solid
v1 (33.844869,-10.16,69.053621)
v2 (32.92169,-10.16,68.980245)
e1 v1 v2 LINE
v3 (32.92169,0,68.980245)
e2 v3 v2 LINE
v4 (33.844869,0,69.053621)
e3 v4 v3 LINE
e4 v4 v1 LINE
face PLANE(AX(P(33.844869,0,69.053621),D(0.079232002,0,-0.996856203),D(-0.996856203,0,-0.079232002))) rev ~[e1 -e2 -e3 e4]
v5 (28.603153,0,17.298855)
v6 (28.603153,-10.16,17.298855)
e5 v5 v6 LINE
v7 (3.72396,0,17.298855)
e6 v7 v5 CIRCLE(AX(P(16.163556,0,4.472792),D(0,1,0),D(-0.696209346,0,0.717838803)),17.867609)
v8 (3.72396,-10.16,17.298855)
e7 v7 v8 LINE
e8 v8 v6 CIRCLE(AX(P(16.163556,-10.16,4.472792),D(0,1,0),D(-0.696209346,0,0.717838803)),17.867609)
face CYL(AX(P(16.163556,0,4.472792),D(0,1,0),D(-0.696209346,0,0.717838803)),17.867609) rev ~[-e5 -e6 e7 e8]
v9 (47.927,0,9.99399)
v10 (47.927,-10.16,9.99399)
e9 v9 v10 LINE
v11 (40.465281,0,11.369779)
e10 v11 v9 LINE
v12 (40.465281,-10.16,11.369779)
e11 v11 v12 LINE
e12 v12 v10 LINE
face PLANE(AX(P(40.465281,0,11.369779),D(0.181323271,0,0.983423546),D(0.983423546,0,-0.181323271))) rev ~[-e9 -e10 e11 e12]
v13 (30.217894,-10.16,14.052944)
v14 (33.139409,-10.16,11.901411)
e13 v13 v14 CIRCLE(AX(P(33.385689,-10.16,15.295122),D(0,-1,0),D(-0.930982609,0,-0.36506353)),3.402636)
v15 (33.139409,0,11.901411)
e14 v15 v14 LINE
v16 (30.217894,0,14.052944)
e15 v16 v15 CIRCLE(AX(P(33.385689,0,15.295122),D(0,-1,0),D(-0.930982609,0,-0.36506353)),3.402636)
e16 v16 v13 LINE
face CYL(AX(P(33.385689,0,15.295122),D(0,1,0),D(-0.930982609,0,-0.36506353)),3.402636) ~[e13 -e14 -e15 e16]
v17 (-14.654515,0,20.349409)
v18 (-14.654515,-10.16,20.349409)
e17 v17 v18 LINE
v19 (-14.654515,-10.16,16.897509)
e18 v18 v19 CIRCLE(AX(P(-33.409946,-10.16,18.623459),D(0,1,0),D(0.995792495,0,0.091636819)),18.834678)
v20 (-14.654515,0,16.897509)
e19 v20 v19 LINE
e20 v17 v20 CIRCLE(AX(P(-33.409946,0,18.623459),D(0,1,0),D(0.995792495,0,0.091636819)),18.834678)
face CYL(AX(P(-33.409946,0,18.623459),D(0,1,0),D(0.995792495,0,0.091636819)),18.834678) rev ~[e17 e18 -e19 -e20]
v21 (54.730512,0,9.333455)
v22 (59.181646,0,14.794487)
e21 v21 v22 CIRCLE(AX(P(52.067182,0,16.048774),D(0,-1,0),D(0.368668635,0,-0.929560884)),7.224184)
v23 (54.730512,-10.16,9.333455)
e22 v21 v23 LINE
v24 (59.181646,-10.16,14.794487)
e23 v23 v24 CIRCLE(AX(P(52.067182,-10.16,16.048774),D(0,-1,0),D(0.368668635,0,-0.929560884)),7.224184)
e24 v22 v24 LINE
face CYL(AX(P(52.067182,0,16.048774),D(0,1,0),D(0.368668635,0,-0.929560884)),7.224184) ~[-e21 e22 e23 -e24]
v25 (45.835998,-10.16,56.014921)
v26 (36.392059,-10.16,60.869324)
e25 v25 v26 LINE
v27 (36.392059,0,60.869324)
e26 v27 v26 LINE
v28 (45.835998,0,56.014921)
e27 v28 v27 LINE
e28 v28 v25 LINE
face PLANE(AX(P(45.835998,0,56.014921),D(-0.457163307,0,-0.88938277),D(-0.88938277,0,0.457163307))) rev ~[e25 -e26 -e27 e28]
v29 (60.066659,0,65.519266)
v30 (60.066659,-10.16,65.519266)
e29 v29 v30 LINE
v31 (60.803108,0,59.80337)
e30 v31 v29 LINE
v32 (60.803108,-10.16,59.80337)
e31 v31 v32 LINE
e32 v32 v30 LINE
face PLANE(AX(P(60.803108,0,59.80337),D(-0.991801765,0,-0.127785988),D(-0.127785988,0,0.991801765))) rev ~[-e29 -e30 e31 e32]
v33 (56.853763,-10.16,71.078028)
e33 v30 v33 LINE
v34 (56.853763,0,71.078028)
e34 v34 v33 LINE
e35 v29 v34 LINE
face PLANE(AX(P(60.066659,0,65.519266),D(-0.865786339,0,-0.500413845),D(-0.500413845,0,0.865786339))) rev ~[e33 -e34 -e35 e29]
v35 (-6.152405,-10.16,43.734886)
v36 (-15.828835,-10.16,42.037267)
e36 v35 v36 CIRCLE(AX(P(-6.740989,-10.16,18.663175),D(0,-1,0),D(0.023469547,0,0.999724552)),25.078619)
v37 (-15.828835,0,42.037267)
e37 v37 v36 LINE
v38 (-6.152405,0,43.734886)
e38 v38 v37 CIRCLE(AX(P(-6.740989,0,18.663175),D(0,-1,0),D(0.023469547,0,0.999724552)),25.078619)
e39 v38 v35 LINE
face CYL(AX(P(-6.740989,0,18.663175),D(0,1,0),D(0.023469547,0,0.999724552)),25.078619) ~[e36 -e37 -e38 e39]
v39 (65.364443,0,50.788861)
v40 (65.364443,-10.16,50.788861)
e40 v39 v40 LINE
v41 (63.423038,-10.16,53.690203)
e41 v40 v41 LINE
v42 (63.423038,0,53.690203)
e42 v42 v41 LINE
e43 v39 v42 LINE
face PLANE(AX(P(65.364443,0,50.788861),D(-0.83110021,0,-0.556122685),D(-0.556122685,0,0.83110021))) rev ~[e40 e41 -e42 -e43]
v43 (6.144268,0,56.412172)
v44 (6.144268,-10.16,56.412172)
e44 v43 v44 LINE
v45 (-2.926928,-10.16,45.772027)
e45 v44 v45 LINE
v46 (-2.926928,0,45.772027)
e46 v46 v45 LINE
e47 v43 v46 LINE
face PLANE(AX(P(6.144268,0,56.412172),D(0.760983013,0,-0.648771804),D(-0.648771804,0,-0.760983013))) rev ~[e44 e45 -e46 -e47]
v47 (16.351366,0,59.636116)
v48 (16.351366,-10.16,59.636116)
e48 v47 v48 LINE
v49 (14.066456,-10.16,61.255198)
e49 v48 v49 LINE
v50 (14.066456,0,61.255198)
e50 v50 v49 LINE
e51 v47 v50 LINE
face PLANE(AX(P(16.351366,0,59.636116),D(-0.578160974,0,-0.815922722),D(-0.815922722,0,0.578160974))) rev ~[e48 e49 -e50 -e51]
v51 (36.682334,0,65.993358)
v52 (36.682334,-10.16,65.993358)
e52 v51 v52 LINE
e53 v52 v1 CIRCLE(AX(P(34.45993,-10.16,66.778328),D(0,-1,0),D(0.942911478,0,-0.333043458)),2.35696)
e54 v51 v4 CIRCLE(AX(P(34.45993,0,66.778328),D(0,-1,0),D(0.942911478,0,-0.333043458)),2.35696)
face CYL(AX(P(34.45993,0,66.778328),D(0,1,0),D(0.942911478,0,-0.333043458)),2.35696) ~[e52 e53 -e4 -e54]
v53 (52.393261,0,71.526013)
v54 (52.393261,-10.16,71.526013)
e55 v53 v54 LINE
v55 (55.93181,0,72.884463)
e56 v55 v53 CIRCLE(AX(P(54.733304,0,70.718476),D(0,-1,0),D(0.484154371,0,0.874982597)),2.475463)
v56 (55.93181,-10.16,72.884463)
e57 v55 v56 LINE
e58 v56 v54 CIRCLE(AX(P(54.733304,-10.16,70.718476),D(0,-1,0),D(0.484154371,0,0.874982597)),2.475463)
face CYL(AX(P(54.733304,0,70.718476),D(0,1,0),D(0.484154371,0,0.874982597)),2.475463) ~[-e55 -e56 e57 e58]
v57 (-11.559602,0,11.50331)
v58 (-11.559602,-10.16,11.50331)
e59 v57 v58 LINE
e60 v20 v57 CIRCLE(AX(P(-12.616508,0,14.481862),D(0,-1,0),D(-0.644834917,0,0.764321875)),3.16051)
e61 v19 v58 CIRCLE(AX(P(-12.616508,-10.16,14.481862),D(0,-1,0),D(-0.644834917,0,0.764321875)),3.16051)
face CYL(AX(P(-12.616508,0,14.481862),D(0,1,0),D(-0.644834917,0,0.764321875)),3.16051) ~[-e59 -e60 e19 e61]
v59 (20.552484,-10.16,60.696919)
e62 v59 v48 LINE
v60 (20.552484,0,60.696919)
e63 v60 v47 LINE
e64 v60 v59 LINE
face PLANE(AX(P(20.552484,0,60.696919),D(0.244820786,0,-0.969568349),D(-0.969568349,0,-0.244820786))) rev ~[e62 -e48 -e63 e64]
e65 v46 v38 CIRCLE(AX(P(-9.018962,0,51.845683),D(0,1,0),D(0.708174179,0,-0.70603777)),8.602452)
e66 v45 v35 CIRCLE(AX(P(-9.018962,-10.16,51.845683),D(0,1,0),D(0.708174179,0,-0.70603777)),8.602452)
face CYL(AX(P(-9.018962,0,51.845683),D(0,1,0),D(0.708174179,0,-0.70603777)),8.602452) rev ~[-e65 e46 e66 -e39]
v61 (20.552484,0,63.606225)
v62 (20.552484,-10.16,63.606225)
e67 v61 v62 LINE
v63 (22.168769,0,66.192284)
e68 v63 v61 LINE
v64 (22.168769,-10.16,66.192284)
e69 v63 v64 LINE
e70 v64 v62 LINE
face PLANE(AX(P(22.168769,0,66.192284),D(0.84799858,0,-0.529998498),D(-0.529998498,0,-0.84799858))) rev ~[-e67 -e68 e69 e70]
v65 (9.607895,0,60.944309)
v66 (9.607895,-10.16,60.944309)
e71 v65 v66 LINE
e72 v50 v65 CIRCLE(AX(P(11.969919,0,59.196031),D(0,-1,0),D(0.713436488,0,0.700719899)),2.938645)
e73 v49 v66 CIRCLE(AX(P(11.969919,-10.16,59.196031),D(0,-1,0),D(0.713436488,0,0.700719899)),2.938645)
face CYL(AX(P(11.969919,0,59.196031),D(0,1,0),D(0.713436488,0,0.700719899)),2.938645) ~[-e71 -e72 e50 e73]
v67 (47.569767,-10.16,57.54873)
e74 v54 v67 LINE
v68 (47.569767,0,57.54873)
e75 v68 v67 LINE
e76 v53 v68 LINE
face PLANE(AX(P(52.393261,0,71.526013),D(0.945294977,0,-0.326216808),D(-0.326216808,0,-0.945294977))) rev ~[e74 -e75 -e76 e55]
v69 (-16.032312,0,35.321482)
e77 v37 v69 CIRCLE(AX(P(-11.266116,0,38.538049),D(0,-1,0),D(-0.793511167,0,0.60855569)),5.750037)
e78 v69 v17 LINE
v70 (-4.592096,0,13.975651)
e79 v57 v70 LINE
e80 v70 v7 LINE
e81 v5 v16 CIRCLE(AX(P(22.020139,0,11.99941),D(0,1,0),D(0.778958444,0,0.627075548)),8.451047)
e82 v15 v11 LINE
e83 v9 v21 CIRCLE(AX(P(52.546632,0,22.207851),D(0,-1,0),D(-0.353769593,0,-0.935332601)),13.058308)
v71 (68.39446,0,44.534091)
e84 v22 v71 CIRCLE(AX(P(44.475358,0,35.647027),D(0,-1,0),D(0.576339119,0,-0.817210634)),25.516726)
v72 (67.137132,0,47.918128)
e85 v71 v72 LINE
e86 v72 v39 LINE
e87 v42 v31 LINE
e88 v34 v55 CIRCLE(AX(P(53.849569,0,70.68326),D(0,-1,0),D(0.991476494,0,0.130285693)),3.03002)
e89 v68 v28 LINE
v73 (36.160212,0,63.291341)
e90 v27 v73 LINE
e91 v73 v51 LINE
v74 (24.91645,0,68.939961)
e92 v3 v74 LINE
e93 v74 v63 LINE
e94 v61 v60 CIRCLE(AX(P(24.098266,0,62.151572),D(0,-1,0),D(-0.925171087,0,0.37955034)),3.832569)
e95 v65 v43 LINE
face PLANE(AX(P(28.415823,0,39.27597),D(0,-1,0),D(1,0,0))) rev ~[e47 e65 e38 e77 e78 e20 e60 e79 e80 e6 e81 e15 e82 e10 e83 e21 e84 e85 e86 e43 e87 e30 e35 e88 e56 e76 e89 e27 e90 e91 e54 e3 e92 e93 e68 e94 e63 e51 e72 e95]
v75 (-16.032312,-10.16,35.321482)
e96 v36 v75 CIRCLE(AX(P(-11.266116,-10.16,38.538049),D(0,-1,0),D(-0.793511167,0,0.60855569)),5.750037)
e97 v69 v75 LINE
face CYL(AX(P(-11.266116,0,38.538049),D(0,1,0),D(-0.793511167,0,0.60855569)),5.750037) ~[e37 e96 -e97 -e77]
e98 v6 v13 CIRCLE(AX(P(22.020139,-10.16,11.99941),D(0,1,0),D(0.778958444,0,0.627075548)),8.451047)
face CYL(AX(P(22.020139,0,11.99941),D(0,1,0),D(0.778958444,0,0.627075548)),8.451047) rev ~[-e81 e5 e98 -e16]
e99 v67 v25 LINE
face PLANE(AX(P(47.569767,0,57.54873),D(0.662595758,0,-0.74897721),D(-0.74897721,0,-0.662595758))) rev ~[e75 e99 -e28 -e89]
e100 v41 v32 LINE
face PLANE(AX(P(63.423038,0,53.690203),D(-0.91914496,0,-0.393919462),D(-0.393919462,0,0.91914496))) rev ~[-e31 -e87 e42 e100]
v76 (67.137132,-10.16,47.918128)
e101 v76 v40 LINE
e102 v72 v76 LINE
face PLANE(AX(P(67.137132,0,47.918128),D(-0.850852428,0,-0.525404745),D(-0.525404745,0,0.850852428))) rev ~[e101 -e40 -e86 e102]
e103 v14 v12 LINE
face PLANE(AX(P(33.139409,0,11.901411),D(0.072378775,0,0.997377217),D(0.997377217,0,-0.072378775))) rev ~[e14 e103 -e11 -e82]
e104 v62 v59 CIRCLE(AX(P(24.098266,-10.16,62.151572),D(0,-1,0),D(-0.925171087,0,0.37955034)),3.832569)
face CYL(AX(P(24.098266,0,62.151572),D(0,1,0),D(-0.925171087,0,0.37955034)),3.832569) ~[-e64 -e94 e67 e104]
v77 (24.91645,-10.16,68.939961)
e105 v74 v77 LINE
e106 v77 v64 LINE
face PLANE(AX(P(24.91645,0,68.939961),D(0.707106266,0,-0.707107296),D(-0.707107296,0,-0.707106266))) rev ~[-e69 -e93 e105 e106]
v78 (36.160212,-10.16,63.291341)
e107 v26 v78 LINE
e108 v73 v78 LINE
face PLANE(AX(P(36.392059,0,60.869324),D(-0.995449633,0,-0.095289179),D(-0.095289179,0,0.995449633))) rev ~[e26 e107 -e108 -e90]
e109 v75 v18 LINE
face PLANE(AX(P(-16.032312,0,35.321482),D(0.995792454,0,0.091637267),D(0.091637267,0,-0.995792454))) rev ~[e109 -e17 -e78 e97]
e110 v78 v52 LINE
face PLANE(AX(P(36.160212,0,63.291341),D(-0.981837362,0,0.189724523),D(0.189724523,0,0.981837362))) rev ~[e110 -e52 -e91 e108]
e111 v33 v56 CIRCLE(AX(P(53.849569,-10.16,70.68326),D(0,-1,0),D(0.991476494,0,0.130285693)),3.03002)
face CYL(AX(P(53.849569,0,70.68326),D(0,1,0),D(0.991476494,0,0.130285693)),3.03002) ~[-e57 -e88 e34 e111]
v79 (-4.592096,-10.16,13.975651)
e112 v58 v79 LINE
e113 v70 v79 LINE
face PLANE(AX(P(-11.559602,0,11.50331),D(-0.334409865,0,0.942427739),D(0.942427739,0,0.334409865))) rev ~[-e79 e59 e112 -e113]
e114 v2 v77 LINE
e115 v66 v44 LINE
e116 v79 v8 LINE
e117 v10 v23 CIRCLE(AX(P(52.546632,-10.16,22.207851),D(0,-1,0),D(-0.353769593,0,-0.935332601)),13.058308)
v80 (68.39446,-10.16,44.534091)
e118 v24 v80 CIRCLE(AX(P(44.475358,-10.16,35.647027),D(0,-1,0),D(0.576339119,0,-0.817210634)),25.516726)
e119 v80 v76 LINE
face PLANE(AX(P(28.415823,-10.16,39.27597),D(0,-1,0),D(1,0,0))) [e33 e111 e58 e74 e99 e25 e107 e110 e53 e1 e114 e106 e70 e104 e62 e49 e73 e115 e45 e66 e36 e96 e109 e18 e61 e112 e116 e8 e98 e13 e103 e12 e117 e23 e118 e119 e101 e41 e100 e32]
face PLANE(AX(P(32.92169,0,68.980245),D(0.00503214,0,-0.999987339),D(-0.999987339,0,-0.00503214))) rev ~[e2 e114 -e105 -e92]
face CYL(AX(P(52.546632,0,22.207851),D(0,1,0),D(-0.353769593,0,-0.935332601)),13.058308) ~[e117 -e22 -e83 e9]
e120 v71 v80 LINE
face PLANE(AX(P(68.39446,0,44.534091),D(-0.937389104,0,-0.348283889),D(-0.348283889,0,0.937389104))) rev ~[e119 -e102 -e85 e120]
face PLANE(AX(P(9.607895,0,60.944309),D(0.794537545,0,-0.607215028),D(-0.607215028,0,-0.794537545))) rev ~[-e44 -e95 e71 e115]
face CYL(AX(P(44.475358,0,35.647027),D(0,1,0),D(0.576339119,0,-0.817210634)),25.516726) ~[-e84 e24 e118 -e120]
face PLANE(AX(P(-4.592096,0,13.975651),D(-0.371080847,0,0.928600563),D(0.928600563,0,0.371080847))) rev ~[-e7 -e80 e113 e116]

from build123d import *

# Parameters (mm, degrees)
F1_DEPTH = 10.16


with BuildPart() as f1:
    # F0 (on Front) → F1 (new body)
    with BuildSketch(Plane.XZ):
        with BuildLine():
            ThreePointArc((55.93181, 72.884463), (53.846105, 73.029492), (52.393261, 71.526013))
            Line((52.393261, 71.526013), (47.569767, 57.54873))
            Line((47.569767, 57.54873), (45.835998, 56.014921))
            Line((45.835998, 56.014921), (36.392059, 60.869324))
            Line((36.392059, 60.869324), (36.160212, 63.291341))
            Line((36.160212, 63.291341), (36.682334, 65.993358))
            ThreePointArc((36.682334, 65.993358), (36.188279, 68.380847), (33.844869, 69.053621))
            Line((33.844869, 69.053621), (32.92169, 68.980245))
            Line((32.92169, 68.980245), (24.91645, 68.939961))
            Line((24.91645, 68.939961), (22.168769, 66.192284))
            Line((22.168769, 66.192284), (20.552484, 63.606225))
            ThreePointArc((20.552484, 63.606225), (20.265697, 62.151572), (20.552484, 60.696919))
            Line((20.552484, 60.696919), (16.351366, 59.636116))
            Line((16.351366, 59.636116), (14.066456, 61.255198))
            ThreePointArc((14.066456, 61.255198), (11.765508, 62.127558), (9.607895, 60.944309))
            Line((9.607895, 60.944309), (6.144268, 56.412172))
            Line((6.144268, 56.412172), (-2.926928, 45.772027))
            ThreePointArc((-2.926928, 45.772027), (-4.425317, 44.572403), (-6.152405, 43.734886))
            ThreePointArc((-6.152405, 43.734886), (-11.07456, 43.364537), (-15.828835, 42.037267))
            ThreePointArc((-15.828835, 42.037267), (-17.013516, 38.712186), (-16.032312, 35.321482))
            Line((-16.032312, 35.321482), (-14.654515, 20.349409))
            ThreePointArc((-14.654515, 20.349409), (-14.575268, 18.623459), (-14.654515, 16.897509))
            ThreePointArc((-14.654515, 16.897509), (-15.357855, 12.909018), (-11.559602, 11.50331))
            Line((-11.559602, 11.50331), (-4.592096, 13.975651))
            Line((-4.592096, 13.975651), (3.72396, 17.298855))
            ThreePointArc((3.72396, 17.298855), (16.163557, 22.340401), (28.603153, 17.298855))
            ThreePointArc((28.603153, 17.298855), (29.586629, 15.763506), (30.217894, 14.052944))
            ThreePointArc((30.217894, 14.052944), (31.367955, 12.55529), (33.139409, 11.901411))
            Line((33.139409, 11.901411), (40.465281, 11.369779))
            Line((40.465281, 11.369779), (47.927, 9.99399))
            ThreePointArc((47.927, 9.99399), (51.284769, 9.210655), (54.730512, 9.333455))
            ThreePointArc((54.730512, 9.333455), (57.666917, 11.484587), (59.181646, 14.794487))
            ThreePointArc((59.181646, 14.794487), (68.849344, 28.096388), (68.39446, 44.534091))
            Line((68.39446, 44.534091), (67.137132, 47.918128))
            Line((67.137132, 47.918128), (65.364443, 50.788861))
            Line((65.364443, 50.788861), (63.423038, 53.690203))
            Line((63.423038, 53.690203), (60.803108, 59.80337))
            Line((60.803108, 59.80337), (60.066659, 65.519266))
            Line((60.066659, 65.519266), (56.853763, 71.078028))
            ThreePointArc((56.853763, 71.078028), (56.548413, 72.060672), (55.93181, 72.884463))
        make_face()
    extrude(amount=F1_DEPTH)


solid = f1.part
